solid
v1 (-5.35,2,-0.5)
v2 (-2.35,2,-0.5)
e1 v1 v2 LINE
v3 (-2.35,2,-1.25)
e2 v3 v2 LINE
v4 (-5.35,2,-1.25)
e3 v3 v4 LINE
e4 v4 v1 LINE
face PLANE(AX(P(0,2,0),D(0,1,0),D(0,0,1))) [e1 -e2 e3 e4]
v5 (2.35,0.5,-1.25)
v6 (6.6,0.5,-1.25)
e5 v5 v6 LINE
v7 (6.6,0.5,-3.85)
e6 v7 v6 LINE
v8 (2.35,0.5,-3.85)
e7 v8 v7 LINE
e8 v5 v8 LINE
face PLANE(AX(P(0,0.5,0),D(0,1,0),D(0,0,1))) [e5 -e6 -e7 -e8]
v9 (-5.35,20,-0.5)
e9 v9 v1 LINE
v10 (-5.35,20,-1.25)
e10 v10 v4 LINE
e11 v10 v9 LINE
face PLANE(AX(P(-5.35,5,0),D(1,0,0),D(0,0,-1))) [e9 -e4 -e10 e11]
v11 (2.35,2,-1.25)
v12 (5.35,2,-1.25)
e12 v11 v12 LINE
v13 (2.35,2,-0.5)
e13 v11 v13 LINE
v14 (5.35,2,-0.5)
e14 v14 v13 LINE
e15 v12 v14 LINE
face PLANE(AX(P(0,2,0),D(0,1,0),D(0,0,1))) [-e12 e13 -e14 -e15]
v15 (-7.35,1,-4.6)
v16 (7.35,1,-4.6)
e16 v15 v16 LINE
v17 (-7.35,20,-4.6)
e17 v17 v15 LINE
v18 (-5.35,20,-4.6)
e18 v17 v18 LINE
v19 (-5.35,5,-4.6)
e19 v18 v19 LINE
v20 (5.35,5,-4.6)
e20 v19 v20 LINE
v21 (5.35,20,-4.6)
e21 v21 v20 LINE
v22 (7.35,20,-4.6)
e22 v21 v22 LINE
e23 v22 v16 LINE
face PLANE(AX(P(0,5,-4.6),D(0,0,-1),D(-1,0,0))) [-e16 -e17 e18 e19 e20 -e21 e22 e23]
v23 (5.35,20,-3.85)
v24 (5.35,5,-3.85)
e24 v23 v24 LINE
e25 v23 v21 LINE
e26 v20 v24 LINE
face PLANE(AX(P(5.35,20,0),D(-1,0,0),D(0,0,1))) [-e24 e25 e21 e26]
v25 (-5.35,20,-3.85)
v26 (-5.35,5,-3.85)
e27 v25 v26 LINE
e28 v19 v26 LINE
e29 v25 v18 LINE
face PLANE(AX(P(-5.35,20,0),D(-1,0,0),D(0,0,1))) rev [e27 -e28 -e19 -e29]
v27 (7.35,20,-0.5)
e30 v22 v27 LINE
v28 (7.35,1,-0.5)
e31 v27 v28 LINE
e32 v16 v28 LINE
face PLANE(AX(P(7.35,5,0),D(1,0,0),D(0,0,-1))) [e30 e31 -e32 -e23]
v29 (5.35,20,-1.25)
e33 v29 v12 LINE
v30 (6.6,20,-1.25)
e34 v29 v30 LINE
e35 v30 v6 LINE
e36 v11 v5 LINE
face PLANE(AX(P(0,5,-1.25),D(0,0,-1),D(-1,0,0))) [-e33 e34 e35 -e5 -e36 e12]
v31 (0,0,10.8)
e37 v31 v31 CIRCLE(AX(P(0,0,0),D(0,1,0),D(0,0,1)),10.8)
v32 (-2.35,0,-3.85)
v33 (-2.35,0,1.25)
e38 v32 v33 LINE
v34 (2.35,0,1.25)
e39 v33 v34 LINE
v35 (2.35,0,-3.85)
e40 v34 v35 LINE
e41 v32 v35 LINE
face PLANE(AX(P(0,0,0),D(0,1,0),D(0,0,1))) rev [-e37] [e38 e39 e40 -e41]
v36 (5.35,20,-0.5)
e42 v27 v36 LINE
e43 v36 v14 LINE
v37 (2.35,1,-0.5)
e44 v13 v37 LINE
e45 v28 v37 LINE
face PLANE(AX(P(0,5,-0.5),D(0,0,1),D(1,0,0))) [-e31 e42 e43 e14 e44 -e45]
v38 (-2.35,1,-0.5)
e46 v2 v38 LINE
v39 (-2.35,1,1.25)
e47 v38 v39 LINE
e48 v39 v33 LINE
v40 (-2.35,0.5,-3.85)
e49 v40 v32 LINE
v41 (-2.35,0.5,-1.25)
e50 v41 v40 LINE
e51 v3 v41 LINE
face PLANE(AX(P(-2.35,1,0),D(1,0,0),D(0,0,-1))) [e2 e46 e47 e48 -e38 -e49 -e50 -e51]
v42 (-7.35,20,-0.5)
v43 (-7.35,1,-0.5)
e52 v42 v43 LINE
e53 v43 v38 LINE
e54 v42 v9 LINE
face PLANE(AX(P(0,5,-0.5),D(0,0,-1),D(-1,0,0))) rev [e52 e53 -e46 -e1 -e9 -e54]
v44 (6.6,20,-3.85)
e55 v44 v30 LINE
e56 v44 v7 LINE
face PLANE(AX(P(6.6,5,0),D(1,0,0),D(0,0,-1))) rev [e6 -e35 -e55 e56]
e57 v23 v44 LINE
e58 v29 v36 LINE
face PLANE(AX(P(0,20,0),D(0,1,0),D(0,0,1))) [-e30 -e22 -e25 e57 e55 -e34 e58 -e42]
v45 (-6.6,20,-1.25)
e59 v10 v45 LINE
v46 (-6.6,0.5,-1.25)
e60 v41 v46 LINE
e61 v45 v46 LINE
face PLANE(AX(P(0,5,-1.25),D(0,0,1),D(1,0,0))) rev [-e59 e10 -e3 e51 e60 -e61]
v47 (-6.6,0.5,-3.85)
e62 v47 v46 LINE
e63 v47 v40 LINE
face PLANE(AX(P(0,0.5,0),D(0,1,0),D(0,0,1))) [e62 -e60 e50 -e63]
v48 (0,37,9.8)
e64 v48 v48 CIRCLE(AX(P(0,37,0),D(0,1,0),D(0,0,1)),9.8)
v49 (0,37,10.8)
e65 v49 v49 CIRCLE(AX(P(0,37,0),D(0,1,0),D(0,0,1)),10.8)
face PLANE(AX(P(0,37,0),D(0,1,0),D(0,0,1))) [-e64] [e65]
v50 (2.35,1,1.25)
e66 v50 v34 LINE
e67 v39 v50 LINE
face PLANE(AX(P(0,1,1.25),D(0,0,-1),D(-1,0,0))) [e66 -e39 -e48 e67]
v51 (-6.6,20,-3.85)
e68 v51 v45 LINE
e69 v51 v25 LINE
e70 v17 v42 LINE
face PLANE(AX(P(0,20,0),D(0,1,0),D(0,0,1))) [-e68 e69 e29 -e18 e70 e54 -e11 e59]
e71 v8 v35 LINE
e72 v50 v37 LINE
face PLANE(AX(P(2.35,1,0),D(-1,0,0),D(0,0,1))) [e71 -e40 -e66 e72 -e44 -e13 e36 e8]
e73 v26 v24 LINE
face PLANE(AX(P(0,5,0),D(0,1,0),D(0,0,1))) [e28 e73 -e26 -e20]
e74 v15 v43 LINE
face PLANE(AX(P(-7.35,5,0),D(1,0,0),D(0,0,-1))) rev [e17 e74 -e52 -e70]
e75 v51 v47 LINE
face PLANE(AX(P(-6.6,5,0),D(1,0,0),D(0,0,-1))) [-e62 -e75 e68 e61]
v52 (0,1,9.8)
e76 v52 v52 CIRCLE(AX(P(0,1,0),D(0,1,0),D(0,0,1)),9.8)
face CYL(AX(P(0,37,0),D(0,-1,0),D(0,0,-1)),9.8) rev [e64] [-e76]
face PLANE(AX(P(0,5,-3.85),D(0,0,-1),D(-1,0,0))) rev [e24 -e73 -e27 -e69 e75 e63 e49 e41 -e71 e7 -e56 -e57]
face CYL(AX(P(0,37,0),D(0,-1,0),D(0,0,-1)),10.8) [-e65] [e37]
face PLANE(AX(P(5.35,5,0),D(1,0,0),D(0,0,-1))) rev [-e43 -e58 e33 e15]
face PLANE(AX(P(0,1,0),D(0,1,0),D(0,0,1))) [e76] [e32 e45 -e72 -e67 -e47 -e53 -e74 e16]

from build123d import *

# Parameters (mm, degrees)
SKETCH1_R            = 10.8
SKETCH1_R_2          = 9.8
BOSS_EXTRUDE7_DEPTH  = 37
SKETCH1_10_R         = 9.8
BOSS_EXTRUDE8_DEPTH  = 1
BOSS_EXTRUDE9_DEPTH  = 5
SKETCH1_13_W         = 3
SKETCH1_13_H         = 0.75
BOSS_EXTRUDE10_DEPTH = 2
SKETCH1_14_W         = 4.25
SKETCH1_14_H         = 2.6
BOSS_EXTRUDE11_DEPTH = 0.5
BOSS_EXTRUDE12_DEPTH = 20


with BuildPart() as part:
    # Sketch1 → Boss-Extrude7 (new body)
    with BuildSketch(Plane(origin=(0, 0, 0), x_dir=(1, 0, 0), z_dir=(0, 1, 0))):
        Circle(SKETCH1_R)
        Circle(SKETCH1_R_2, mode=Mode.SUBTRACT)
    extrude(amount=BOSS_EXTRUDE7_DEPTH)

    # Sketch1<10> → Boss-Extrude8 (add)
    with BuildSketch(Plane(origin=(0, 0, 0), x_dir=(1, 0, 0), z_dir=(0, 1, 0))):
        Circle(SKETCH1_10_R)
        Polygon((-2.35, 0.5), (-5.35, 0.5), (-7.35, 0.5), (-7.35, 4.6), (-5.35, 4.6), (5.35, 4.6), (7.35, 4.6), (7.35, 0.5), (5.35, 0.5), (2.35, 0.5), (2.35, -1.25), (-2.35, -1.25), align=None, mode=Mode.SUBTRACT)
    extrude(amount=BOSS_EXTRUDE8_DEPTH)

    # Sketch1<12> → Boss-Extrude9 (add)
    with BuildSketch(Plane(origin=(0, 0, 0), x_dir=(1, 0, 0), z_dir=(0, 1, 0))):
        Polygon((-5.35, 0.5), (-5.35, 1.25), (-6.6, 1.25), (-6.6, 3.85), (6.6, 3.85), (6.6, 1.25), (5.35, 1.25), (5.35, 0.5), (7.35, 0.5), (7.35, 4.6), (-7.35, 4.6), (-7.35, 0.5), align=None)
    extrude(amount=BOSS_EXTRUDE9_DEPTH)

    # Sketch1<13> → Boss-Extrude10 (add)
    with BuildSketch(Plane(origin=(0, 0, 0), x_dir=(1, 0, 0), z_dir=(0, 1, 0))):
        with Locations((-3.85, 0.875)):
            Rectangle(SKETCH1_13_W, SKETCH1_13_H)
        with Locations((3.85, 0.875)):
            Rectangle(SKETCH1_13_W, SKETCH1_13_H)
    extrude(amount=BOSS_EXTRUDE10_DEPTH)

    # Sketch1<14> → Boss-Extrude11 (add)
    with BuildSketch(Plane(origin=(0, 0, 0), x_dir=(1, 0, 0), z_dir=(0, 1, 0))):
        with Locations((-4.475, 2.55)):
            Rectangle(SKETCH1_14_W, SKETCH1_14_H)
        with Locations((4.475, 2.55)):
            Rectangle(SKETCH1_14_W, SKETCH1_14_H)
    extrude(amount=BOSS_EXTRUDE11_DEPTH)

    # Sketch1<15> → Boss-Extrude12 (add)
    with BuildSketch(Plane(origin=(0, 0, 0), x_dir=(1, 0, 0), z_dir=(0, 1, 0))):
        Polygon((-5.35, 0.5), (-5.35, 1.25), (-6.6, 1.25), (-6.6, 3.85), (-5.35, 3.85), (-5.35, 4.6), (-7.35, 4.6), (-7.35, 0.5), align=None)
        Polygon((5.35, 4.6), (5.35, 3.85), (6.6, 3.85), (6.6, 1.25), (5.35, 1.25), (5.35, 0.5), (7.35, 0.5), (7.35, 4.6), align=None)
    extrude(amount=BOSS_EXTRUDE12_DEPTH)


solid = part.part
